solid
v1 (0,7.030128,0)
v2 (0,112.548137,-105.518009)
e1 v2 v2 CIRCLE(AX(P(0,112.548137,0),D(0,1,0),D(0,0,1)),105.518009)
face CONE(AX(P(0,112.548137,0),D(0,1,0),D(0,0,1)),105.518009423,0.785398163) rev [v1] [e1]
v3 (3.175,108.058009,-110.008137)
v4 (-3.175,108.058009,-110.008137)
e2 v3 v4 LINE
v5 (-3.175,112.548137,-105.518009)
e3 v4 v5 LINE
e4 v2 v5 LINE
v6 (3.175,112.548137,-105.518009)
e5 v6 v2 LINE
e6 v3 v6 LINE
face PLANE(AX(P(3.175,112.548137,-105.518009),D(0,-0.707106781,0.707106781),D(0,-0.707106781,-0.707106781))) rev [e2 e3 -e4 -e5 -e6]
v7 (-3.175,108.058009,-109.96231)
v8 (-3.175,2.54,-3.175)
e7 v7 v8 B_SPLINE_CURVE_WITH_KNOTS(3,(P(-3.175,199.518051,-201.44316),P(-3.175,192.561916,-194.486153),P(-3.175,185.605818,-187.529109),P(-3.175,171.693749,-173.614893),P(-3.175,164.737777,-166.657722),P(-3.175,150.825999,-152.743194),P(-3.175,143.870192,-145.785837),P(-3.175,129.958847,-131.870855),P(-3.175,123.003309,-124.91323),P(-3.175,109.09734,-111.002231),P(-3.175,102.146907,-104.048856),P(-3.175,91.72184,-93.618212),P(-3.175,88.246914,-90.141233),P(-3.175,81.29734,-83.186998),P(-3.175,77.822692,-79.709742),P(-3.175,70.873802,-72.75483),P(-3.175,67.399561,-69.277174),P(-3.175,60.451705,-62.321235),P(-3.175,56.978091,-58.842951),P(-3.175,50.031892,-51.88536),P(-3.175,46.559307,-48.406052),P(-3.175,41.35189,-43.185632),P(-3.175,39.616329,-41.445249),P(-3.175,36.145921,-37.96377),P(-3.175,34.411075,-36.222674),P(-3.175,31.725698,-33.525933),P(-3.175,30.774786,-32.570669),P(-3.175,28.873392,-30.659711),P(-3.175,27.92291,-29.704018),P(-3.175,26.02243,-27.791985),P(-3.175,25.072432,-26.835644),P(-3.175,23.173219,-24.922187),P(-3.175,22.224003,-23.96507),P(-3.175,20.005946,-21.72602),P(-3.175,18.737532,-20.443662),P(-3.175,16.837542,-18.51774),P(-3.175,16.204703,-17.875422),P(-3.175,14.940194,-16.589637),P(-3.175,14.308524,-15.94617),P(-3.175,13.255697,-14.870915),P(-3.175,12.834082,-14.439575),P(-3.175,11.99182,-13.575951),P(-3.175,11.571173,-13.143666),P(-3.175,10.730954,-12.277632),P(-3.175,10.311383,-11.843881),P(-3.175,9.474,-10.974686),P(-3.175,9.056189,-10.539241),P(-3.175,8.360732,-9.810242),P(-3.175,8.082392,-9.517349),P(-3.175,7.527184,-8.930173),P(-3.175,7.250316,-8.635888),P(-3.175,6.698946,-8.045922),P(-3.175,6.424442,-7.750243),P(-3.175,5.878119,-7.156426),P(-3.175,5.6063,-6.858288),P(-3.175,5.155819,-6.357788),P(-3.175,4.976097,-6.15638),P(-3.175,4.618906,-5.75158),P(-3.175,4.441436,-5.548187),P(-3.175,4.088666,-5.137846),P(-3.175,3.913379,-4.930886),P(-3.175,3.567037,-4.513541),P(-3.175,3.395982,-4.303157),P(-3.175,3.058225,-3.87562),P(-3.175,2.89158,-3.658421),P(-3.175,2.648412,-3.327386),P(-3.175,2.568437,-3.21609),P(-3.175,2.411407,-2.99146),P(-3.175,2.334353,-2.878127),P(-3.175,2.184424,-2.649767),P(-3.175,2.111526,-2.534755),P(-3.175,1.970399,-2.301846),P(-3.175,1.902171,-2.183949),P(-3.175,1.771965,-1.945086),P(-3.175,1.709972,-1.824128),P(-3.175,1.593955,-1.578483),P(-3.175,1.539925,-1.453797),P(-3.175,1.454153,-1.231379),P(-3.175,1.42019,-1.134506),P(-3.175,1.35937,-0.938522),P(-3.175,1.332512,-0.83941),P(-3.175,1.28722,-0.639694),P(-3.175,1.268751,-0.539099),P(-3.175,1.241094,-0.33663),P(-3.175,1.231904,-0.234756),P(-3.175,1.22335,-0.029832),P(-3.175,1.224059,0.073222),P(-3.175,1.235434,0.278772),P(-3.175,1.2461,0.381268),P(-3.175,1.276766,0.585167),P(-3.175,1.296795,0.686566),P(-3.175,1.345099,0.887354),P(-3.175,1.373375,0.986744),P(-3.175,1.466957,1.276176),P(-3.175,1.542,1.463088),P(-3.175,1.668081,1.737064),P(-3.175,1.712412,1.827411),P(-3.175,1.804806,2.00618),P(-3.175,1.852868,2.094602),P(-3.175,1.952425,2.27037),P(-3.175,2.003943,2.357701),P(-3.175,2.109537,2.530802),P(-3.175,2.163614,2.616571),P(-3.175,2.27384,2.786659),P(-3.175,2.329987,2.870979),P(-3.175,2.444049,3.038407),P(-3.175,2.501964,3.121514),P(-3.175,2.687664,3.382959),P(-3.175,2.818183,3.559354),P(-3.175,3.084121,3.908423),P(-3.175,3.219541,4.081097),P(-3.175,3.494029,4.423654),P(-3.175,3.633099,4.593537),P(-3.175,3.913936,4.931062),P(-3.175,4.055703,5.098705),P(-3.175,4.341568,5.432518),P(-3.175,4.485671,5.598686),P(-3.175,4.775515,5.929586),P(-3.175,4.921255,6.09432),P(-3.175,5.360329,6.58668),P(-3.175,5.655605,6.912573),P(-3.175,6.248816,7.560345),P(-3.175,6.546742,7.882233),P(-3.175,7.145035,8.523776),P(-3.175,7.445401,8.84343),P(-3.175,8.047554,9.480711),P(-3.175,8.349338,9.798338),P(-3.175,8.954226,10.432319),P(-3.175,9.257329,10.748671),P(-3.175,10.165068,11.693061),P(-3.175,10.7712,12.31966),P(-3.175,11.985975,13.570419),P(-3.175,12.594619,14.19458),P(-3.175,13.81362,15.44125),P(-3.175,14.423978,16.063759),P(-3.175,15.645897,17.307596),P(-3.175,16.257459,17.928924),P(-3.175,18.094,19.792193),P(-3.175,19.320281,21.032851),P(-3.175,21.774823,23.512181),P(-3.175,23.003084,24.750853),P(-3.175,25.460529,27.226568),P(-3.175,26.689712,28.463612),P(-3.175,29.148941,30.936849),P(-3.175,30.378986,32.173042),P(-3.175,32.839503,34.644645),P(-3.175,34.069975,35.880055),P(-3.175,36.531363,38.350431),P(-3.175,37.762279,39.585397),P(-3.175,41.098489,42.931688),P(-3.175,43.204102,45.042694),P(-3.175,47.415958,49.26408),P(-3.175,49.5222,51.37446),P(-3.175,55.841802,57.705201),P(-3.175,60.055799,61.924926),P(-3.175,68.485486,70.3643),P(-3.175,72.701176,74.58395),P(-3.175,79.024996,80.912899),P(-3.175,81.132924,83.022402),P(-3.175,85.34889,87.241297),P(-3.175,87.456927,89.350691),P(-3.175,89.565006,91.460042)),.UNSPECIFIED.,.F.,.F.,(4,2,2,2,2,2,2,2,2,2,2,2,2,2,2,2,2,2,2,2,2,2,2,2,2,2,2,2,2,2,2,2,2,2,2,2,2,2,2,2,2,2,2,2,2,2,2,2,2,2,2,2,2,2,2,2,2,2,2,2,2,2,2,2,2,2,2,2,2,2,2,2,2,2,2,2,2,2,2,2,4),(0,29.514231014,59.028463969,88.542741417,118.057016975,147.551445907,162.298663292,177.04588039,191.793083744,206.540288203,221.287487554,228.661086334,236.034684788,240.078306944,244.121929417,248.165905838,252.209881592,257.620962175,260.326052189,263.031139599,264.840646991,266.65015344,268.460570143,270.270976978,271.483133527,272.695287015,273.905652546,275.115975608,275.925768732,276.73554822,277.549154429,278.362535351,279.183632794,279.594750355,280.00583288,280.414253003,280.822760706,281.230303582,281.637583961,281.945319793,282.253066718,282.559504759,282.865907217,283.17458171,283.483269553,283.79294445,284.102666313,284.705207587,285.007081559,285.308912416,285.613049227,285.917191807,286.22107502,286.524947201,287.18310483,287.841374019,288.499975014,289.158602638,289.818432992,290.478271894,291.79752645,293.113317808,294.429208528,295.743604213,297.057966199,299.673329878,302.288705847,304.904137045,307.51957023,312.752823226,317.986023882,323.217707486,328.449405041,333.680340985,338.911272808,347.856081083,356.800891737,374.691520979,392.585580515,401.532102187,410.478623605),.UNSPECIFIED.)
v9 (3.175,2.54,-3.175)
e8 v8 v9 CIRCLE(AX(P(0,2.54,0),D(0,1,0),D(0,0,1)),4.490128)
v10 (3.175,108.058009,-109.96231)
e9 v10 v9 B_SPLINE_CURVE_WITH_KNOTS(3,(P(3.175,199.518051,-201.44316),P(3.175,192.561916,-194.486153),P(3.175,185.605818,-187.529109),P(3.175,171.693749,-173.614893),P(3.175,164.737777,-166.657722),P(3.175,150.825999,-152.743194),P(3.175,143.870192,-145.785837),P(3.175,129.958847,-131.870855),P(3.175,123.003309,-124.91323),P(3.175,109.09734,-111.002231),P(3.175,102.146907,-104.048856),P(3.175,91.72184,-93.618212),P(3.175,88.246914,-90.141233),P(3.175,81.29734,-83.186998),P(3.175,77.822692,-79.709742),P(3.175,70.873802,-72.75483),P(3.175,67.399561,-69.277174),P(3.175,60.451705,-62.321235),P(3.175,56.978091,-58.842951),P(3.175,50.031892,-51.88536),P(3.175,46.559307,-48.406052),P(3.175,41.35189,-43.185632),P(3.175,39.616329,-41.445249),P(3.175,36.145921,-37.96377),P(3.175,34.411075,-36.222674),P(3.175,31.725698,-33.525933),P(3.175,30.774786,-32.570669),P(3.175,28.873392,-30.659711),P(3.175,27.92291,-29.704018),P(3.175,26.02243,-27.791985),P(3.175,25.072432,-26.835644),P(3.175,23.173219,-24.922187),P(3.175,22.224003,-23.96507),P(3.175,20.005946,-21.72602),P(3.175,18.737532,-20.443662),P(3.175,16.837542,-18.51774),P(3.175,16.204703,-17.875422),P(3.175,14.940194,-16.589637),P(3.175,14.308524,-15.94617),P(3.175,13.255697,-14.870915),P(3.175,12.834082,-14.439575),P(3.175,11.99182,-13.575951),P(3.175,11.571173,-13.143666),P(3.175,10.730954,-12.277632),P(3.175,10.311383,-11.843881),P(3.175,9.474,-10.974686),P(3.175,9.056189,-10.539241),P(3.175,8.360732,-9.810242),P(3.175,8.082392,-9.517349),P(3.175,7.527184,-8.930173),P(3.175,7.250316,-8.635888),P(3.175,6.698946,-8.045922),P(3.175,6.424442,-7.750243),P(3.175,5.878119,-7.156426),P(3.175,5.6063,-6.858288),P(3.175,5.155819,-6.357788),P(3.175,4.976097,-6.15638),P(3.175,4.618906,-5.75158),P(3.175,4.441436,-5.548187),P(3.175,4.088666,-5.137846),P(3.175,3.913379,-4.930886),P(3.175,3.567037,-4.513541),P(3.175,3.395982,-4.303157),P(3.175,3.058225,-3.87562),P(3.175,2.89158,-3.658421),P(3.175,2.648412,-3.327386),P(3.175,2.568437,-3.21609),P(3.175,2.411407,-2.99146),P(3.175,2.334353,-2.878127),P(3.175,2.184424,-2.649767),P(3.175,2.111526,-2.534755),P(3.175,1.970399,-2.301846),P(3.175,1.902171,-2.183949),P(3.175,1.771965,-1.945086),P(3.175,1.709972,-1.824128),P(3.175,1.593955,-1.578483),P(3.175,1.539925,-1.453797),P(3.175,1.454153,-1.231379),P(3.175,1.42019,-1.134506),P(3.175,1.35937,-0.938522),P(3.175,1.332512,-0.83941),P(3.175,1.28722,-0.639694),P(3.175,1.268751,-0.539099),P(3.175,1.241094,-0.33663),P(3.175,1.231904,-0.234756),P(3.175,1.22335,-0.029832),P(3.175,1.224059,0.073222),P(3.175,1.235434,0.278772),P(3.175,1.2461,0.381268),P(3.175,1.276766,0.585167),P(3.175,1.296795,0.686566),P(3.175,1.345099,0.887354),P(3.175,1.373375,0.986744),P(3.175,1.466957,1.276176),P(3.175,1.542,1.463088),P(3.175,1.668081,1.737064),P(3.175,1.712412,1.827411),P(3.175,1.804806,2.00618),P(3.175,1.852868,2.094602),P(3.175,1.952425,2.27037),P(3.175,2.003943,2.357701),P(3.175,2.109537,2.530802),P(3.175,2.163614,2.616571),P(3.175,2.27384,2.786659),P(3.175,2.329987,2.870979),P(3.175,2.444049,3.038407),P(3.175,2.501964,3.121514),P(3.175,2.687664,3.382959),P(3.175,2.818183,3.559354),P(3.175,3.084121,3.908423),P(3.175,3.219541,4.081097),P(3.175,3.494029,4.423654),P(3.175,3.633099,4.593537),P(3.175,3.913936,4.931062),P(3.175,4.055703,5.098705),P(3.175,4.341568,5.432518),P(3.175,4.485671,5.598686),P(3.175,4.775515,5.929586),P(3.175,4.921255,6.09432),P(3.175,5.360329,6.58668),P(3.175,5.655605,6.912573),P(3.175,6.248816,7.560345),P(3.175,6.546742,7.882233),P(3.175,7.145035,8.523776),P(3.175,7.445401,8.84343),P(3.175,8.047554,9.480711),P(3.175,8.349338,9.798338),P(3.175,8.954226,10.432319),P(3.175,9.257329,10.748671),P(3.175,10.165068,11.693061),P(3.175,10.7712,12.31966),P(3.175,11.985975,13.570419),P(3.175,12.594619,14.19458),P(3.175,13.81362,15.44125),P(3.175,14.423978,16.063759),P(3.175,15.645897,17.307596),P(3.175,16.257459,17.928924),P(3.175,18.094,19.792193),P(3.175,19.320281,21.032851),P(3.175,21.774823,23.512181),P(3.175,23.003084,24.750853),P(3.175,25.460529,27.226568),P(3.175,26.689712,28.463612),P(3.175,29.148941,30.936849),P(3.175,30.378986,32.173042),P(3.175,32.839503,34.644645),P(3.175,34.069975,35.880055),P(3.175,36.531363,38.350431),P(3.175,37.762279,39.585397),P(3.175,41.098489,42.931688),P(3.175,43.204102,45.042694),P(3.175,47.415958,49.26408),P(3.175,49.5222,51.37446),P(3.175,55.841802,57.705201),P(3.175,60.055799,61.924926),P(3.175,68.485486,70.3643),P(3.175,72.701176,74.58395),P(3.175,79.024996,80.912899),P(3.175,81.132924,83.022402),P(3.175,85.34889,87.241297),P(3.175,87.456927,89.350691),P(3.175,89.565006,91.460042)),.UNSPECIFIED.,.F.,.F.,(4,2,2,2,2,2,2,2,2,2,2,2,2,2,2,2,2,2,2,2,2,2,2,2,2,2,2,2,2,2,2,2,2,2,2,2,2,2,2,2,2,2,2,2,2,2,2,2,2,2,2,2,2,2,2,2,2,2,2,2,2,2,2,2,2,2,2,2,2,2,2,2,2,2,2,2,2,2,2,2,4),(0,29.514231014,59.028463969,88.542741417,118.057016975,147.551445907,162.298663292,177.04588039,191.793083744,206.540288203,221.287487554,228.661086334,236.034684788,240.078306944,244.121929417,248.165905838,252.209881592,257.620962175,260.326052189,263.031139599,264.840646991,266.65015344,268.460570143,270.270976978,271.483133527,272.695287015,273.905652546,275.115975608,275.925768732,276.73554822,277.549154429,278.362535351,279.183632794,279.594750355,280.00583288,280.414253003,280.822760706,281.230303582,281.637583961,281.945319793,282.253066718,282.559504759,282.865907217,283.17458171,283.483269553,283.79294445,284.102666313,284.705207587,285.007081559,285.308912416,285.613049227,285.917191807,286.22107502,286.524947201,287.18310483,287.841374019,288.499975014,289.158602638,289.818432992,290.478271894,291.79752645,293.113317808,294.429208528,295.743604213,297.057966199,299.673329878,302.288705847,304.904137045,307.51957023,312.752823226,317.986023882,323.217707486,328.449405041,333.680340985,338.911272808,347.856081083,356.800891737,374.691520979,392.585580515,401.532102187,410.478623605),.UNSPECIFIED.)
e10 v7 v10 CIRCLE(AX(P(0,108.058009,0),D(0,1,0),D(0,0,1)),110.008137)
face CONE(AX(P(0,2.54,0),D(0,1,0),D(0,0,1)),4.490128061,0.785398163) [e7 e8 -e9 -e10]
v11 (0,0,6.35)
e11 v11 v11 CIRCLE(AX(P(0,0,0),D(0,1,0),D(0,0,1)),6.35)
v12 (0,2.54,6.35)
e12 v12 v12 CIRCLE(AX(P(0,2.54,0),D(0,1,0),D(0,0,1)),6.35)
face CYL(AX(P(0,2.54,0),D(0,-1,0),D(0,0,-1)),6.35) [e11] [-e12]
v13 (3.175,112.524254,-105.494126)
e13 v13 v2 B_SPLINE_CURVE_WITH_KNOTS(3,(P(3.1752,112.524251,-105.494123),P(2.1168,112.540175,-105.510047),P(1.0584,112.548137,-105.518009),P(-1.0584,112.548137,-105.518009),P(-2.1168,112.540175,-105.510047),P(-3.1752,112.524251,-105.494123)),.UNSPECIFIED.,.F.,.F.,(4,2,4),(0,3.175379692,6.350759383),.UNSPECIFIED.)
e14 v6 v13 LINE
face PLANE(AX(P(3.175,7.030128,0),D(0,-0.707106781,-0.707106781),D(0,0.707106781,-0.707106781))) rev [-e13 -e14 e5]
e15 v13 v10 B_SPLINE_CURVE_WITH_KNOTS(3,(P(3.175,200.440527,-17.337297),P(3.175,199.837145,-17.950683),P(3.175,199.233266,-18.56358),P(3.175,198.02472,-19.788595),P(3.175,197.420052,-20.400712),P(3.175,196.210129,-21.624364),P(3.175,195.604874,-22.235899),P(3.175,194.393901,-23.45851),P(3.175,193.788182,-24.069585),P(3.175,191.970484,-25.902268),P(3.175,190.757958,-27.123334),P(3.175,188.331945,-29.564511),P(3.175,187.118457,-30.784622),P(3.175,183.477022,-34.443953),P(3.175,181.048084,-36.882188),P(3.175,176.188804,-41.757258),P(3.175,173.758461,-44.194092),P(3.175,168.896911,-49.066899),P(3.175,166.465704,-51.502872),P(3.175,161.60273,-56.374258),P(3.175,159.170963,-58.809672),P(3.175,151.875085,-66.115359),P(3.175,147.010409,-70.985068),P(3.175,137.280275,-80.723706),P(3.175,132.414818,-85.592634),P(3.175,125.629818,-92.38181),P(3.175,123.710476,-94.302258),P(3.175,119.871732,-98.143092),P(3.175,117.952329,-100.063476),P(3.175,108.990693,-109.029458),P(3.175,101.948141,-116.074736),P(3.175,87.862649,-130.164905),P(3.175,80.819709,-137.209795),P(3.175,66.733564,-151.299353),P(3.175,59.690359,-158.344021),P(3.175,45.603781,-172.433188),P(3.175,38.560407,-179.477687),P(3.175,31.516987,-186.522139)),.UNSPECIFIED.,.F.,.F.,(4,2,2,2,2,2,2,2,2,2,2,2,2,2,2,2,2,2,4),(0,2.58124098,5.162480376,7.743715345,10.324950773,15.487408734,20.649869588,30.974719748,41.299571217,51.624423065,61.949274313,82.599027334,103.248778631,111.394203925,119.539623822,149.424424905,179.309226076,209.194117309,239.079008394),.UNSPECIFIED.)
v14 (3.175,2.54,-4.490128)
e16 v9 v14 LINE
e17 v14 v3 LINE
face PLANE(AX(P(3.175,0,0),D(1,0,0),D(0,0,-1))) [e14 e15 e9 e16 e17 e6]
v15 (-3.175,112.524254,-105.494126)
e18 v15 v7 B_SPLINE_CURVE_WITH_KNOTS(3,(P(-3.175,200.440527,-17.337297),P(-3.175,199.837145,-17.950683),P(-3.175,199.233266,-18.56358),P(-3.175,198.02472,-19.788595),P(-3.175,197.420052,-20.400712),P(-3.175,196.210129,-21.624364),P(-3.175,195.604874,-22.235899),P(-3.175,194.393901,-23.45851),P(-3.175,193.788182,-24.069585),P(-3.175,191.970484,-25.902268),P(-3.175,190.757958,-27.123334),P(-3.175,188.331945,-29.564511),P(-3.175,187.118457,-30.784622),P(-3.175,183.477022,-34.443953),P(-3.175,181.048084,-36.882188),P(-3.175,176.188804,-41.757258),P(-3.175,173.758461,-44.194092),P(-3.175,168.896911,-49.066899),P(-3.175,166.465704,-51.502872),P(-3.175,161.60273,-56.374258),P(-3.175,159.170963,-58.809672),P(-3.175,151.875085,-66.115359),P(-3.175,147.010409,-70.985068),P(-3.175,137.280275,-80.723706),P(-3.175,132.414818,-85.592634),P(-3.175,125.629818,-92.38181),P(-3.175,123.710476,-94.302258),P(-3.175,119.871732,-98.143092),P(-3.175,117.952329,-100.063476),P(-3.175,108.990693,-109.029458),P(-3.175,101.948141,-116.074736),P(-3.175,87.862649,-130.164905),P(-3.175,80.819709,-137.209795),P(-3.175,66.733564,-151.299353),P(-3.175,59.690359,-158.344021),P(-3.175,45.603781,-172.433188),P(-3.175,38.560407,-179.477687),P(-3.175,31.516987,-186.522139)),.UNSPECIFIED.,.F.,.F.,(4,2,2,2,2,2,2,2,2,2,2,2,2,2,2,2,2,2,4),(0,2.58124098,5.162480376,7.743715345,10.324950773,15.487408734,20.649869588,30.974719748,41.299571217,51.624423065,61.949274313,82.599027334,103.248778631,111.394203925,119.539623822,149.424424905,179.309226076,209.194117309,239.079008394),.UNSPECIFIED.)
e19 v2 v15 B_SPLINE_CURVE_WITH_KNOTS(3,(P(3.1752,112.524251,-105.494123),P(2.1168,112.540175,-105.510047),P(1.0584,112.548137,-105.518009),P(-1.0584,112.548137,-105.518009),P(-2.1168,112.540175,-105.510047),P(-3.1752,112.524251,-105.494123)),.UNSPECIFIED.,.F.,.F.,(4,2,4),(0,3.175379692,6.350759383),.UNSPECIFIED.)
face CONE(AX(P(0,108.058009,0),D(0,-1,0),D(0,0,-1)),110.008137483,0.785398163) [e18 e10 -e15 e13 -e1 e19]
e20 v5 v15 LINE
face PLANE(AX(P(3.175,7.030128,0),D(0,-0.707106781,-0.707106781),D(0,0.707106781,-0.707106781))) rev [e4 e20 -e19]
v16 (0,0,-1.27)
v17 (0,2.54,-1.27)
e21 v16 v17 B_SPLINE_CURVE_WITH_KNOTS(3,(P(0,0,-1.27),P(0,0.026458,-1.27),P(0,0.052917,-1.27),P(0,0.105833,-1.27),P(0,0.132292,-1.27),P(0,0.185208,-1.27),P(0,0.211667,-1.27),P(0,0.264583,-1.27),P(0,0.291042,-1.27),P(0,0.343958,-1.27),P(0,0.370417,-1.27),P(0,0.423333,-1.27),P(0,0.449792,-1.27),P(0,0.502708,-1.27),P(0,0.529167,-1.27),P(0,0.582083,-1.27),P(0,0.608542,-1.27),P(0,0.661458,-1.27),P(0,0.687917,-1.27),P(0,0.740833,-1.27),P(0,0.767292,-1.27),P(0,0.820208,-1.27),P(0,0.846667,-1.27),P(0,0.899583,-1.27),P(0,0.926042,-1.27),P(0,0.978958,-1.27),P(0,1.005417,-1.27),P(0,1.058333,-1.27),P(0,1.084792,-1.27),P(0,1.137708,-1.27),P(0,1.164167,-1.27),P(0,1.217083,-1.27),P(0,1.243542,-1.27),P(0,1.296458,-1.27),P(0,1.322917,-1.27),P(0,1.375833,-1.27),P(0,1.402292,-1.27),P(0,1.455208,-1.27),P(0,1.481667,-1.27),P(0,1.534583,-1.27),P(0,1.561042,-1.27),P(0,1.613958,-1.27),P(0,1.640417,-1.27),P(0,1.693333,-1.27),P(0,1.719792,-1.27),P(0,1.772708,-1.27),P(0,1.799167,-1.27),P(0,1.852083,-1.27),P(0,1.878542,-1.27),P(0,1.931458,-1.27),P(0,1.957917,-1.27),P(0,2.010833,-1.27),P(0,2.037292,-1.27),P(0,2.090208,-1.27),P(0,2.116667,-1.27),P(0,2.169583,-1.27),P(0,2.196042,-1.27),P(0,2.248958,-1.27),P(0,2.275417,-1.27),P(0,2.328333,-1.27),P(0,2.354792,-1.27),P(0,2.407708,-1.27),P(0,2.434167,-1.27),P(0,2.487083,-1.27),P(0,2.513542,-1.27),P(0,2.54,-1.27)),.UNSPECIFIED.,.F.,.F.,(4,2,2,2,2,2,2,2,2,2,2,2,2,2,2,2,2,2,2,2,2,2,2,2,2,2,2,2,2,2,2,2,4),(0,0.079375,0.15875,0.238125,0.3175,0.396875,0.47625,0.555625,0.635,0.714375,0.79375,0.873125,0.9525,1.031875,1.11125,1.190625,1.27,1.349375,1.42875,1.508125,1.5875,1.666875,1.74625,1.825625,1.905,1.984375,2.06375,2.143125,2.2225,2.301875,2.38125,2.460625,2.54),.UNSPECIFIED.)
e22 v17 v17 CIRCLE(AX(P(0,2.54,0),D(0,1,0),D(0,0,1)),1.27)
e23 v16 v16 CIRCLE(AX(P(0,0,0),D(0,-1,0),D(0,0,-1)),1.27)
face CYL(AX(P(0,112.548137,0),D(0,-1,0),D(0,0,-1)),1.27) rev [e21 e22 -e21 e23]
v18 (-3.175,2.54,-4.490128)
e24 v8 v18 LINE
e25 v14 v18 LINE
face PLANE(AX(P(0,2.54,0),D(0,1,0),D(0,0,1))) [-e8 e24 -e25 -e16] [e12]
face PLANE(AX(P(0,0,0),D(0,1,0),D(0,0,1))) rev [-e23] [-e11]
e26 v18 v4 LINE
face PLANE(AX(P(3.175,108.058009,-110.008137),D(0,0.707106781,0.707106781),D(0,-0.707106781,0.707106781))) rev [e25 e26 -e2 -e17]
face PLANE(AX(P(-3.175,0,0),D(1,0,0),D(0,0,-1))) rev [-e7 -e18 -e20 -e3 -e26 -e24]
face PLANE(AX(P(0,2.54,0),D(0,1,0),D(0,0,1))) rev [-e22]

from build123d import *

# Parameters (mm, degrees)
SKETCH1_R           = 6.35
BOSS_EXTRUDE1_DEPTH = 2.54
BOSS_EXTRUDE2_DEPTH = 3.175
SKETCH3_R           = 1.27
CUT_EXTRUDE7_DEPTH  = 158.509352305


with BuildPart() as part:
    # Sketch1 → Boss-Extrude1 (new body)
    with BuildSketch(Plane(origin=(0, 0, 0), x_dir=(1, 0, 0), z_dir=(0, 1, 0))):
        Circle(SKETCH1_R)
    extrude(amount=BOSS_EXTRUDE1_DEPTH)

    # Sketch2 → Boss-Extrude2 (add, symmetric)
    with BuildSketch(Plane(origin=(0, 0, 0), x_dir=(0, 0, -1), z_dir=(1, 0, 0))):
        Polygon((105.518009423, 112.548137483), (110.008137483, 108.058009423), (4.490128061, 2.54), (0, 2.54), (0, 7.030128061), align=None)
    extrude(amount=BOSS_EXTRUDE2_DEPTH, both=True)

    # Sketch3 → Cut-Extrude7 (cut, through all)
    with BuildSketch(Plane.XZ):
        Circle(SKETCH3_R)
    extrude(amount=-CUT_EXTRUDE7_DEPTH, mode=Mode.SUBTRACT)

    # Sketch2<4> → Revolve3 (revolve)
    with BuildSketch(Plane(origin=(0, 0, 0), x_dir=(0, 0, -1), z_dir=(1, 0, 0))):
        Polygon((105.518009423, 112.548137483), (110.008137483, 108.058009423), (4.490128061, 2.54), (0, 2.54), (0, 7.030128061), align=None)
    revolve(axis=Axis((0, 2.54, 0), (0, -1, 0)))


solid = part.part
